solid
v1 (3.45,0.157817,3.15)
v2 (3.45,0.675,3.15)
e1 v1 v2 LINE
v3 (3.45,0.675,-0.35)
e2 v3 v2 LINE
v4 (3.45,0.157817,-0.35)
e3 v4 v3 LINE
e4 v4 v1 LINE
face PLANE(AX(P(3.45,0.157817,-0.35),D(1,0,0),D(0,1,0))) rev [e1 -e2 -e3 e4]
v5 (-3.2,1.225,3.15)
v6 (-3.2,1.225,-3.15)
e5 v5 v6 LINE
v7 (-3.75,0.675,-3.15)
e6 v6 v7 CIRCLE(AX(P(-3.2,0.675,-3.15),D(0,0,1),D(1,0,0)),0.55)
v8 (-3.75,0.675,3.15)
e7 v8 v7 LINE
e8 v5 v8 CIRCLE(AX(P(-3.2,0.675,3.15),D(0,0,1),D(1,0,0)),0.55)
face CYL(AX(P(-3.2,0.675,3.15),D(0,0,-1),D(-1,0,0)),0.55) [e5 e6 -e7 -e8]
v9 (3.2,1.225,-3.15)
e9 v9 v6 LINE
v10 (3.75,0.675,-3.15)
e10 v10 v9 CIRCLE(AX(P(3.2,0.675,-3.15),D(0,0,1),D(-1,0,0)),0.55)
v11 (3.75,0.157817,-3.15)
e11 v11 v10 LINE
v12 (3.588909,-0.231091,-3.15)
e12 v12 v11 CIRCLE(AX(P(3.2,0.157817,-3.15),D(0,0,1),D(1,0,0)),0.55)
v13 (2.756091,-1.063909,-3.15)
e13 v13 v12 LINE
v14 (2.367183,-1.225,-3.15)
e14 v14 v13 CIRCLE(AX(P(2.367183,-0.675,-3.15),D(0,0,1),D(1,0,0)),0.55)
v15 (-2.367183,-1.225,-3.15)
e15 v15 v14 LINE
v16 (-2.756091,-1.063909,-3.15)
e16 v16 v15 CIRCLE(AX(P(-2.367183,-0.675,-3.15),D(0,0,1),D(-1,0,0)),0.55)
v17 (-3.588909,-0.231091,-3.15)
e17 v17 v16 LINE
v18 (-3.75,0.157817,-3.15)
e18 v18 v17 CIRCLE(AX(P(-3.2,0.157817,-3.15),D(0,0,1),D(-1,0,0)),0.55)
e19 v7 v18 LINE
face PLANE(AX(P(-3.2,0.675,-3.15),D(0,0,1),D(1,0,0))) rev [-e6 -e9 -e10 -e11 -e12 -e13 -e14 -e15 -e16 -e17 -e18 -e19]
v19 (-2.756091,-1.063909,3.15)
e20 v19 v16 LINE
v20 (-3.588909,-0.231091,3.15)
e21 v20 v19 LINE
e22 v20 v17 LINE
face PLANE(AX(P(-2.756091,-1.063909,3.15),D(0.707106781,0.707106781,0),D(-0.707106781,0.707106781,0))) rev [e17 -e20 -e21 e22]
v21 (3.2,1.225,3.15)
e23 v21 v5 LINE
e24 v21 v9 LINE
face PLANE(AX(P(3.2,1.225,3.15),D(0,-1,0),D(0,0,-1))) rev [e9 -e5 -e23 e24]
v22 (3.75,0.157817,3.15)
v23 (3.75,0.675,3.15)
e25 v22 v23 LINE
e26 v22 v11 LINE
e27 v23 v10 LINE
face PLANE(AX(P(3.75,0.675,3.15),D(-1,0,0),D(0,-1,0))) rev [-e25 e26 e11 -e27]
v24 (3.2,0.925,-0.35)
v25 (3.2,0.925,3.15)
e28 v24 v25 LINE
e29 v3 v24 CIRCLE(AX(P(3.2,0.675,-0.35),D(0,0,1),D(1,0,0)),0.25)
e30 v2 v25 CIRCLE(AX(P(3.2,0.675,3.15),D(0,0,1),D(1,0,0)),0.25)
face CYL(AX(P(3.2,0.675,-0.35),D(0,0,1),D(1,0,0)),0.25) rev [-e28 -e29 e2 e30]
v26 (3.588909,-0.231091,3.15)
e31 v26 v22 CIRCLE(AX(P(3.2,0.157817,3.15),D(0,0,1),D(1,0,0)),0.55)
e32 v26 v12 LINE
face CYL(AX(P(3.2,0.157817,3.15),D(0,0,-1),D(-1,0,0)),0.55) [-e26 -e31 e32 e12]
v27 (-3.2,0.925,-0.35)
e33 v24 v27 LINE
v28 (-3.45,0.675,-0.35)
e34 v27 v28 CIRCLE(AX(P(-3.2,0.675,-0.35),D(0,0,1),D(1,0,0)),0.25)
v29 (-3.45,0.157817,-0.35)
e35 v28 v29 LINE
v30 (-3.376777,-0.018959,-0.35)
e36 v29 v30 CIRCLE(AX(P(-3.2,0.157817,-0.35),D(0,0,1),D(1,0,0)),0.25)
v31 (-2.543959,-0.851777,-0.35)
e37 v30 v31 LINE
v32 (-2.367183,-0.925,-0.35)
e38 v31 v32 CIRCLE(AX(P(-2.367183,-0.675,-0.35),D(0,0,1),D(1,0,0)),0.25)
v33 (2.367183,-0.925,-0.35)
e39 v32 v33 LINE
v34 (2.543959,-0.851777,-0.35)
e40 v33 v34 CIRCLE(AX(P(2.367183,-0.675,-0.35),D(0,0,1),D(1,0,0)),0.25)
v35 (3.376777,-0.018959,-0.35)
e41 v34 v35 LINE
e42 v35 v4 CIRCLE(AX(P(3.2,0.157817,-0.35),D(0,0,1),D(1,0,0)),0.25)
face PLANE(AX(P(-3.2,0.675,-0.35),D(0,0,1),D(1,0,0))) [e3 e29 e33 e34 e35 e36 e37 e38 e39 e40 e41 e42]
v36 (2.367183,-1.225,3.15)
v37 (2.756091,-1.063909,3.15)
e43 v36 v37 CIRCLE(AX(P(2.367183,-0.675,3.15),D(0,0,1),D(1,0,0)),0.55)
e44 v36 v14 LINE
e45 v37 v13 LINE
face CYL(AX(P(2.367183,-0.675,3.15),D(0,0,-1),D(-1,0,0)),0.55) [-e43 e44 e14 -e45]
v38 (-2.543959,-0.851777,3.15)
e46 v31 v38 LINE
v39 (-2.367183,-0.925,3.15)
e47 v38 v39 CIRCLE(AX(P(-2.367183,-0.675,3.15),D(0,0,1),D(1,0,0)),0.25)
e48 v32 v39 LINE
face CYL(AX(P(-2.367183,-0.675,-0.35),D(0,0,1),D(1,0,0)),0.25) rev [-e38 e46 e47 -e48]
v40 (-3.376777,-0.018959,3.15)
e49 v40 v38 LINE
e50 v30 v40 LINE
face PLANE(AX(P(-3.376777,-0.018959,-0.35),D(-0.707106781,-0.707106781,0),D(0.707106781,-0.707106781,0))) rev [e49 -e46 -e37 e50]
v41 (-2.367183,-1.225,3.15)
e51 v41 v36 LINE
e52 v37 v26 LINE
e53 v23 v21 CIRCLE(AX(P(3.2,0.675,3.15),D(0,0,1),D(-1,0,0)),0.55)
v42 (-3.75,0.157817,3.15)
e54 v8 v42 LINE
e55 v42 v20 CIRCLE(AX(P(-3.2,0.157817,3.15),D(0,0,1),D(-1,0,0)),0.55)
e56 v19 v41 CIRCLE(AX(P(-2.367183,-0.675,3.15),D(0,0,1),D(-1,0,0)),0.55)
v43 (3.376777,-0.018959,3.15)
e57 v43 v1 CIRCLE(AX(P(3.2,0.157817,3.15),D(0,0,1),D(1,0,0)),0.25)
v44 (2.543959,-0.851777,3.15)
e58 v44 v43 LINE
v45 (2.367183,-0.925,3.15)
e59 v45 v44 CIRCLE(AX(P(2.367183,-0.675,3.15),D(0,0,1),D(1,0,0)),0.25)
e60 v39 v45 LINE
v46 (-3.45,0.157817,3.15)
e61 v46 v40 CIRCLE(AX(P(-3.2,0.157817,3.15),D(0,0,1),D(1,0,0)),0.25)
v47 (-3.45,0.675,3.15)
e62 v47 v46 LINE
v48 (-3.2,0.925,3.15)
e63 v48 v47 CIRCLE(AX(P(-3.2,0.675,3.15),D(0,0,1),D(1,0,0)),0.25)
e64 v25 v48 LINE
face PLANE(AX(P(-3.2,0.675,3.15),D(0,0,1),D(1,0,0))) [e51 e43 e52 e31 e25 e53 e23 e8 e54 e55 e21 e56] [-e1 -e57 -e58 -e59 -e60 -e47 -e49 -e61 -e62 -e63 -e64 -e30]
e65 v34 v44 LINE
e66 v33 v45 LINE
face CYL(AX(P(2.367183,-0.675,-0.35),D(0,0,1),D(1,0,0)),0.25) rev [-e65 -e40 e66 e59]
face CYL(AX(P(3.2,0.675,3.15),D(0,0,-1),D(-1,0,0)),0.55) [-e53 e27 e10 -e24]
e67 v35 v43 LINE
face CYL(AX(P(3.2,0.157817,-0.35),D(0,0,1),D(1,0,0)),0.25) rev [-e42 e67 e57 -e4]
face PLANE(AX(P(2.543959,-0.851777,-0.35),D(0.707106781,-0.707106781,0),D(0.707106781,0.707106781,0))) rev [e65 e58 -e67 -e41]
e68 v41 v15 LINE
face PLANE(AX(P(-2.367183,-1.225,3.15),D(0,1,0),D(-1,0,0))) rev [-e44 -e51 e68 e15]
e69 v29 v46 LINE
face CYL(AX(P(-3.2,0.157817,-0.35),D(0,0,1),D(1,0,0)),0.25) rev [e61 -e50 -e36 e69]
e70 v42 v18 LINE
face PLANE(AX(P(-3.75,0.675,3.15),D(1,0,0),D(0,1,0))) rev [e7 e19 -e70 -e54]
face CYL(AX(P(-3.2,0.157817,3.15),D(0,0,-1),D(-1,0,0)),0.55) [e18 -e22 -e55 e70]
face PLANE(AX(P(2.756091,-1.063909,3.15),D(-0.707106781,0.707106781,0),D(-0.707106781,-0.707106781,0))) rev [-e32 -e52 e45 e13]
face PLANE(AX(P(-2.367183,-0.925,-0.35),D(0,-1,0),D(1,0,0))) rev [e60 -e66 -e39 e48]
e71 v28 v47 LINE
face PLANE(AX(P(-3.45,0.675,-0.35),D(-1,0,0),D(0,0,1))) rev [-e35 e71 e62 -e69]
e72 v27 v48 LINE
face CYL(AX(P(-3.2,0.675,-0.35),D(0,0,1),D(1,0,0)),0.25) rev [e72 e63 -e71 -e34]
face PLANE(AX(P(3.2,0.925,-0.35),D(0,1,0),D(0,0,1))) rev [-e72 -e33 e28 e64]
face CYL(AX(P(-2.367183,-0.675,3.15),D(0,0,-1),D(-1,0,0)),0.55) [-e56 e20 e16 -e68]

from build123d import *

# Parameters (mm, degrees)
RESSALTO_EXTRUS_O1_DEPTH = 3.15
ESBO_O2_OUTSIDE_W        = 11.52
ESBO_O2_OUTSIDE_H        = 6.47
CORTE_EXTRUS_O1_DEPTH    = 3.5


with BuildPart() as part:
    # Esboço1 → Ressalto-extrusão1 (new, symmetric)
    with BuildSketch(Plane.XY):
        with BuildLine():
            Line((3.2, 1.225), (-3.2, 1.225))
            ThreePointArc((-3.2, 1.225), (-3.58890873, 1.06390873), (-3.75, 0.675))
            Line((-3.75, 0.675), (-3.75, 0.157817459))
            ThreePointArc((-3.75, 0.157817459), (-3.708133743, -0.052658428), (-3.58890873, -0.23109127))
            Line((-3.58890873, -0.23109127), (-2.75609127, -1.06390873))
            ThreePointArc((-2.75609127, -1.06390873), (-2.577658428, -1.183133743), (-2.367182541, -1.225))
            Line((-2.367182541, -1.225), (2.367182541, -1.225))
            ThreePointArc((2.367182541, -1.225), (2.577658428, -1.183133743), (2.75609127, -1.06390873))
            Line((2.75609127, -1.06390873), (3.58890873, -0.23109127))
            ThreePointArc((3.58890873, -0.23109127), (3.708133743, -0.052658428), (3.75, 0.157817459))
            Line((3.75, 0.157817459), (3.75, 0.675))
            ThreePointArc((3.75, 0.675), (3.58890873, 1.06390873), (3.2, 1.225))
        make_face()
    extrude(amount=RESSALTO_EXTRUS_O1_DEPTH, both=True)

    # Esboço2 outside → Corte-extrusão1 (cut)
    # profile 1 of 2: a face of its own
    with BuildSketch(Plane.XY.offset(3.15)):
        Rectangle(ESBO_O2_OUTSIDE_W, ESBO_O2_OUTSIDE_H)
        with BuildLine():
            Line((2.75609127, -1.06390873), (3.58890873, -0.23109127))
            ThreePointArc((3.58890873, -0.23109127), (3.708133743, -0.052658428), (3.75, 0.157817459))
            Line((3.75, 0.157817459), (3.75, 0.675))
            ThreePointArc((3.75, 0.675), (3.58890873, 1.06390873), (3.2, 1.225))
            Line((3.2, 1.225), (-3.2, 1.225))
            ThreePointArc((-3.2, 1.225), (-3.58890873, 1.06390873), (-3.75, 0.675))
            Line((-3.75, 0.675), (-3.75, 0.157817459))
            ThreePointArc((-3.75, 0.157817459), (-3.708133743, -0.052658428), (-3.58890873, -0.23109127))
            Line((-3.58890873, -0.23109127), (-2.75609127, -1.06390873))
            ThreePointArc((-2.75609127, -1.06390873), (-2.577658428, -1.183133743), (-2.367182541, -1.225))
            Line((-2.367182541, -1.225), (2.367182541, -1.225))
            ThreePointArc((2.367182541, -1.225), (2.577658428, -1.183133743), (2.75609127, -1.06390873))
        make_face(mode=Mode.SUBTRACT)
    # profile 2 of 2: a face of its own
    with BuildSketch(Plane.XY.offset(3.15)):
        with BuildLine():
            Line((-3.45, 0.675), (-3.45, 0.157817459))
            ThreePointArc((-3.45, 0.157817459), (-3.430969883, 0.062146601), (-3.376776695, -0.018959236))
            Line((-3.376776695, -0.018959236), (-2.543959236, -0.851776695))
            ThreePointArc((-2.543959236, -0.851776695), (-2.462853399, -0.905969883), (-2.367182541, -0.925))
            Line((-2.367182541, -0.925), (2.367182541, -0.925))
            ThreePointArc((2.367182541, -0.925), (2.462853399, -0.905969883), (2.543959236, -0.851776695))
            Line((2.543959236, -0.851776695), (3.376776695, -0.018959236))
            ThreePointArc((3.376776695, -0.018959236), (3.430969883, 0.062146601), (3.45, 0.157817459))
            Line((3.45, 0.157817459), (3.45, 0.675))
            ThreePointArc((3.45, 0.675), (3.376776695, 0.851776695), (3.2, 0.925))
            Line((3.2, 0.925), (-3.2, 0.925))
            ThreePointArc((-3.2, 0.925), (-3.376776695, 0.851776695), (-3.45, 0.675))
        make_face()
    extrude(amount=-CORTE_EXTRUS_O1_DEPTH, mode=Mode.SUBTRACT)


solid = part.part
